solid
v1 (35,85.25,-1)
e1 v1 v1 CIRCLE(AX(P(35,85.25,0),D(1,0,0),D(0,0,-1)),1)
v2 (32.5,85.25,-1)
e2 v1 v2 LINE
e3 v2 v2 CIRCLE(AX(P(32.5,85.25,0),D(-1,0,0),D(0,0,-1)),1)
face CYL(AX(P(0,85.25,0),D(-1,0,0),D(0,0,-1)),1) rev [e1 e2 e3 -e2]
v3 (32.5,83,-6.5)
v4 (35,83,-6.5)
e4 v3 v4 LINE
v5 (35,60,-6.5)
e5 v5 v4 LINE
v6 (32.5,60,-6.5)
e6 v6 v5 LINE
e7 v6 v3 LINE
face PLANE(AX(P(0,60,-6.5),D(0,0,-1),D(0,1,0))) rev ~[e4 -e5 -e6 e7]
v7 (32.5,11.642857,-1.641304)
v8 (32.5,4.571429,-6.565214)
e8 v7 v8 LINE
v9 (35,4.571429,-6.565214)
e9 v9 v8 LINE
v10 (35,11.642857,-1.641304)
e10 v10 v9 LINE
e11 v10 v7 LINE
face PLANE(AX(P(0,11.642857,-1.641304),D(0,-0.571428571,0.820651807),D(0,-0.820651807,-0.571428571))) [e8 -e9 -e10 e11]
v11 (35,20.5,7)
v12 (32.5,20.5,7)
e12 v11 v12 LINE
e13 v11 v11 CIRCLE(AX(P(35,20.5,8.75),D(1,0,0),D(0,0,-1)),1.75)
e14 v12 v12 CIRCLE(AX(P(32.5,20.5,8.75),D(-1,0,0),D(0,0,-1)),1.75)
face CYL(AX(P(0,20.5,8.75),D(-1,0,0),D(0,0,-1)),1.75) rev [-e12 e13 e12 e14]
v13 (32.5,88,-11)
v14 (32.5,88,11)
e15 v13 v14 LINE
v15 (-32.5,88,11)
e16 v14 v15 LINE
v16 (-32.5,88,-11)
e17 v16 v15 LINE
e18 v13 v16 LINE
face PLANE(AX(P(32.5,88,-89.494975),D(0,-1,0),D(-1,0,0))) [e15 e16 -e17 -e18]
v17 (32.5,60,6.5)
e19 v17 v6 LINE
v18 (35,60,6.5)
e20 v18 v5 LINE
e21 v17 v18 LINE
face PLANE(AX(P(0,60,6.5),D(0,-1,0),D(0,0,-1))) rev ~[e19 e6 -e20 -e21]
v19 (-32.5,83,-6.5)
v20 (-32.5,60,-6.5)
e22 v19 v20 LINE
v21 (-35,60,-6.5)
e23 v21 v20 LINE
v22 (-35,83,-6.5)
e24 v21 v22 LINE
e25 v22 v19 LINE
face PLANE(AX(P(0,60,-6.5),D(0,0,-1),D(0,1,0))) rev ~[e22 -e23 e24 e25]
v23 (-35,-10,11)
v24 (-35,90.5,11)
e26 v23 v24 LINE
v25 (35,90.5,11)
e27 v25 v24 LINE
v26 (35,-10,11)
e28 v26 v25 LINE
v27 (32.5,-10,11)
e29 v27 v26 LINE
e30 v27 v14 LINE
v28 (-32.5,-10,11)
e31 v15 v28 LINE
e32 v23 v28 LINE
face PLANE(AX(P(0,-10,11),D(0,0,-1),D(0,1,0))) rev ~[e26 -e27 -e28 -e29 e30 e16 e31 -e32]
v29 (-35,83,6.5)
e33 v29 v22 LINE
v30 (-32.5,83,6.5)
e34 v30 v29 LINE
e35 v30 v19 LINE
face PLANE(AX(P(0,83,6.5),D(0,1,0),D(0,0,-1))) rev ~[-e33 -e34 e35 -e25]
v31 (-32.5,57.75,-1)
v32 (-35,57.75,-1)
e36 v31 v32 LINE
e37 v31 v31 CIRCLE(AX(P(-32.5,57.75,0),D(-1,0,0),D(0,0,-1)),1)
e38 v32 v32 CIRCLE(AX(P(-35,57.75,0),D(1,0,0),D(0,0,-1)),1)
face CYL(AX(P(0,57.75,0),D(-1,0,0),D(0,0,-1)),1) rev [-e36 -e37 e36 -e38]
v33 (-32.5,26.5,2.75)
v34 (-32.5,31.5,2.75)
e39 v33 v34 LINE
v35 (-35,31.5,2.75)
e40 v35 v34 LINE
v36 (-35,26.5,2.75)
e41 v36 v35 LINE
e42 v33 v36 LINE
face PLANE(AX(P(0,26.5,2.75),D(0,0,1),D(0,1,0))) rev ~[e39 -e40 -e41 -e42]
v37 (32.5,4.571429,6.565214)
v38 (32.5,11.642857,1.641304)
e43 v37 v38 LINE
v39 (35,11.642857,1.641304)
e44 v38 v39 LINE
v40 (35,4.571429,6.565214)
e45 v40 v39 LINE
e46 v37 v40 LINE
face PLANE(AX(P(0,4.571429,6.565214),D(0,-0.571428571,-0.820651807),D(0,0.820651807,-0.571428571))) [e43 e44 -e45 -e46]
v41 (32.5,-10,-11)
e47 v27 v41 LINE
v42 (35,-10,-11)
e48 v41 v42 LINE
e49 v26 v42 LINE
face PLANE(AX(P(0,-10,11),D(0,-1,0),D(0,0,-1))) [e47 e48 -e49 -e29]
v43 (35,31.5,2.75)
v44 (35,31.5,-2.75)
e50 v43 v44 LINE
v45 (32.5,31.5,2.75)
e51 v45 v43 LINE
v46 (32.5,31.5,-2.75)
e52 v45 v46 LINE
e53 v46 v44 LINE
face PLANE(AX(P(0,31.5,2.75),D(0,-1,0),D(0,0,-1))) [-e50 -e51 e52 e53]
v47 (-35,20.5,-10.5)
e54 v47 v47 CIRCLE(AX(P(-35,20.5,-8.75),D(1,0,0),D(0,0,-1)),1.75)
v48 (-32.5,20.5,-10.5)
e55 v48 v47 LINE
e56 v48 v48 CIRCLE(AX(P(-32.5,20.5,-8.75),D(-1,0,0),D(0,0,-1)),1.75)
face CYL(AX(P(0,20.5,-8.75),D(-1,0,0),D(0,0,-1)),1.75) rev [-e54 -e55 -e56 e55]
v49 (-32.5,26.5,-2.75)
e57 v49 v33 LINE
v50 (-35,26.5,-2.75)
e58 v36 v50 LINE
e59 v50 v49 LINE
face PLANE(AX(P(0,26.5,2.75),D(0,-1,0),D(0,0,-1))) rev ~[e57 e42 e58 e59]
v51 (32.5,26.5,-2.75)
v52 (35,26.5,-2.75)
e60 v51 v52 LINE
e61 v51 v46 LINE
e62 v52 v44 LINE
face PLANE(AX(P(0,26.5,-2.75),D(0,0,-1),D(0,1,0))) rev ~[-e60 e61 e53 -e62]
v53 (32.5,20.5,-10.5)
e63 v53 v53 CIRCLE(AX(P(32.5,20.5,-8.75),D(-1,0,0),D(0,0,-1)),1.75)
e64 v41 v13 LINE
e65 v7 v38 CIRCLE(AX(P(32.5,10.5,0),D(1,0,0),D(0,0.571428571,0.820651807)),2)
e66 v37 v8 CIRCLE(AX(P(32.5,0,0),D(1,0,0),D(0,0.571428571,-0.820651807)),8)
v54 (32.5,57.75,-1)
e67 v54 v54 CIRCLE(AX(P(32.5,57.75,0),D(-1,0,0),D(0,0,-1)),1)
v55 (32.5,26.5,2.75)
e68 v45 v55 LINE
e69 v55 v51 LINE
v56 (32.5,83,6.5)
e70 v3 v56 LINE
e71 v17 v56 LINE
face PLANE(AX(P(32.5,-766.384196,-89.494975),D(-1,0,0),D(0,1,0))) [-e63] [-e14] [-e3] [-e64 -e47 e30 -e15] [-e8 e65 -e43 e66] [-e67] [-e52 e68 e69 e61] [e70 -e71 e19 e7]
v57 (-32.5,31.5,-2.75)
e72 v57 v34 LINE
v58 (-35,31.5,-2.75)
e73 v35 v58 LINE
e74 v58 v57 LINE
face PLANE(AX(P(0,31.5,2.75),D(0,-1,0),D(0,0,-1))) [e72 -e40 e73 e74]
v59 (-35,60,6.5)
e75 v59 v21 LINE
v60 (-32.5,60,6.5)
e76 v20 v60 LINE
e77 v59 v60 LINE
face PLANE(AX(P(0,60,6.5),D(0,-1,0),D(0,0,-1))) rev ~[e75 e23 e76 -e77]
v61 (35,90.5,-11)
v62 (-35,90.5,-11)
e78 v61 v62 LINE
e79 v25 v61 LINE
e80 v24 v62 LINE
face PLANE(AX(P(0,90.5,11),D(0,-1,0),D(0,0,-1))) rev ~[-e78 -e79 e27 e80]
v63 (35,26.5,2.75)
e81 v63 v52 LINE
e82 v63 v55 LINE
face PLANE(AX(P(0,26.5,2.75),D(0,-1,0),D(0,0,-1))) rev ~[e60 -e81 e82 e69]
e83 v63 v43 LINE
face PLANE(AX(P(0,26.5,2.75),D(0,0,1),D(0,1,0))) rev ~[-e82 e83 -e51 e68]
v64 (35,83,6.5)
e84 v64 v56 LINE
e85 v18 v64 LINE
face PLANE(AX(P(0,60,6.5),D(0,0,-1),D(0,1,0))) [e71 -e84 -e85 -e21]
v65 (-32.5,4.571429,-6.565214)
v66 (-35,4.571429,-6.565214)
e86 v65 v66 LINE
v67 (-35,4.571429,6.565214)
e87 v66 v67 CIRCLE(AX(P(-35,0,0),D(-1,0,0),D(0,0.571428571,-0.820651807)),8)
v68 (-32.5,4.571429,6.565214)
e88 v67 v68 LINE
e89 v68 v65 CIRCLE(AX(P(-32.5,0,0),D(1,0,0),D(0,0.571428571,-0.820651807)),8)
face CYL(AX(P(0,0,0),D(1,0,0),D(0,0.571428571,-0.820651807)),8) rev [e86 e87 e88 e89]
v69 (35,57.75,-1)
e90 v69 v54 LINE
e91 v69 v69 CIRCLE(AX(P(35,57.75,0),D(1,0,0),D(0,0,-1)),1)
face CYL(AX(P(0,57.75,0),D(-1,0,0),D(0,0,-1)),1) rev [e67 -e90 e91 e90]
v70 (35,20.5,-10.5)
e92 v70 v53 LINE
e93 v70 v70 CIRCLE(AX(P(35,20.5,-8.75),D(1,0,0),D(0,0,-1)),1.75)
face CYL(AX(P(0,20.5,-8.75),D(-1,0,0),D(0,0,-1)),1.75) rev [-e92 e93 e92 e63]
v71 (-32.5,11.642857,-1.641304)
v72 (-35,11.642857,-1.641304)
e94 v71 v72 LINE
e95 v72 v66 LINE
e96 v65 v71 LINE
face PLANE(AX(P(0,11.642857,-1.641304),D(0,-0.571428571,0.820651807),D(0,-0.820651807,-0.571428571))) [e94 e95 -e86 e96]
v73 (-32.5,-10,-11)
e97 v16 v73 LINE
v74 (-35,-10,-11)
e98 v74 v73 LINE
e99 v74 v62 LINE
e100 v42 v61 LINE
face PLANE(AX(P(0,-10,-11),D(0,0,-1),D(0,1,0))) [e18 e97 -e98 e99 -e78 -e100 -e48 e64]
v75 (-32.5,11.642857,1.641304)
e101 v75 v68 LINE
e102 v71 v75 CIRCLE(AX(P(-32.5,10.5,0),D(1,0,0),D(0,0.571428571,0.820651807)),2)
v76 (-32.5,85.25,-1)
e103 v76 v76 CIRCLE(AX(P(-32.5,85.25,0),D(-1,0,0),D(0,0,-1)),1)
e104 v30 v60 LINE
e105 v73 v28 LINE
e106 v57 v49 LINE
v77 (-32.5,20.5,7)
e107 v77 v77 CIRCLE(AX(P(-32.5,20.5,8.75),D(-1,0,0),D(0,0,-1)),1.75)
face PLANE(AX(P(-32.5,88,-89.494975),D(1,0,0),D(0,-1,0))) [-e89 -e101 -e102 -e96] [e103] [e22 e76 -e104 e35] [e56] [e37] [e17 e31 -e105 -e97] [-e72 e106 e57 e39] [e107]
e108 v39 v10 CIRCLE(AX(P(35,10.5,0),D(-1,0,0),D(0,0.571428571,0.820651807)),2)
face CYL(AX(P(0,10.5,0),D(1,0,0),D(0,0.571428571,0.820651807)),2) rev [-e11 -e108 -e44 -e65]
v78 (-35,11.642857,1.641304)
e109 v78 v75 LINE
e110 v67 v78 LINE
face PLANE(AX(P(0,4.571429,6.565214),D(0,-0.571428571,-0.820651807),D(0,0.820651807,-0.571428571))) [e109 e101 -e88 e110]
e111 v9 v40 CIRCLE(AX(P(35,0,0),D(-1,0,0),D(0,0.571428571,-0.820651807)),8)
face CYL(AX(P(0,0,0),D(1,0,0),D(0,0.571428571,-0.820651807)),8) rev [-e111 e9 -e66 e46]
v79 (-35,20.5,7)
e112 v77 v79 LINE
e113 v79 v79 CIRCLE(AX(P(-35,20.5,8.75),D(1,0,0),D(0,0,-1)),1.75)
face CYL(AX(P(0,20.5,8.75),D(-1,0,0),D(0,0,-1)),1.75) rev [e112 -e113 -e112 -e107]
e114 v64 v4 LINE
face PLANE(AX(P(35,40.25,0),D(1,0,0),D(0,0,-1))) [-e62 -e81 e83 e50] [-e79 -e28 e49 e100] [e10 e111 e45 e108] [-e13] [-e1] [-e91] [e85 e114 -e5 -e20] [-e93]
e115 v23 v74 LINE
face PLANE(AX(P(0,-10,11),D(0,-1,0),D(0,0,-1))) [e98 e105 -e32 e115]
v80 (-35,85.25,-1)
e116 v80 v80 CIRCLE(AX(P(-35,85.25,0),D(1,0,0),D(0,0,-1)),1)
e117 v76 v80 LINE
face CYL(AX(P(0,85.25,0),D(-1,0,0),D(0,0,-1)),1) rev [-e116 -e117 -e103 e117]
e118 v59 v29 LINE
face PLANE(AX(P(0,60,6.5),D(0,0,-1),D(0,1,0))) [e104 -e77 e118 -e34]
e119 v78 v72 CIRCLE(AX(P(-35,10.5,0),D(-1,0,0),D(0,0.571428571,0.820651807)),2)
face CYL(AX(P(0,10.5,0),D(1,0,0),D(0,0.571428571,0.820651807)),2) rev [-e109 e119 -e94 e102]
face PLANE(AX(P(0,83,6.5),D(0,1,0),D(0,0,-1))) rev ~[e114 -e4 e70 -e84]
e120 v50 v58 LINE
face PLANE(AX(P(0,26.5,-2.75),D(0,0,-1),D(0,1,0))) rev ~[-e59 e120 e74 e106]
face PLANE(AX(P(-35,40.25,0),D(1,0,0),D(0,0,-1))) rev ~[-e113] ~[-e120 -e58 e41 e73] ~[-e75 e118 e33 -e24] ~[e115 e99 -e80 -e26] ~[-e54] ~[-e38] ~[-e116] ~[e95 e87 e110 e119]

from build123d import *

# Parameters (mm, degrees)
CROQUIS1_W                 = 22
CROQUIS1_H                 = 100.5
CROQUIS1_R                 = 1.75
CROQUIS1_R_2               = 1
CROQUIS1_W_2               = 13
CROQUIS1_H_2               = 23
CROQUIS1_W_3               = 5.5
CROQUIS1_H_3               = 5
SALIENTE_EXTRUIR1_DEPTH    = 35
CORTAR_EXTRUIR2_DEPTH      = 100.494974747
CORTAR_EXTRUIR2_DEPTH_BACK = 100.494974747


with BuildPart() as part:
    # Croquis1 → Saliente-Extruir1 (new, symmetric)
    with BuildSketch(Plane(origin=(0, 0, 0), x_dir=(0, 0, -1), z_dir=(1, 0, 0))):
        with Locations((0, 40.25)):
            Rectangle(CROQUIS1_W, CROQUIS1_H)
        with Locations((-8.75, 20.5)):
            Circle(CROQUIS1_R, mode=Mode.SUBTRACT)
        with Locations((8.75, 20.5)):
            Circle(CROQUIS1_R, mode=Mode.SUBTRACT)
        with Locations((0, 85.25)):
            Circle(CROQUIS1_R_2, mode=Mode.SUBTRACT)
        with Locations((0, 57.75)):
            Circle(CROQUIS1_R_2, mode=Mode.SUBTRACT)
        with BuildLine():
            Line((-6.565214453, 4.571428571), (-1.641303613, 11.642857143))
            ThreePointArc((-1.641303613, 11.642857143), (0, 12.5), (1.641303613, 11.642857143))
            Line((1.641303613, 11.642857143), (6.565214453, 4.571428571))
            ThreePointArc((6.565214453, 4.571428571), (0, -8), (-6.565214453, 4.571428571))
        make_face(mode=Mode.SUBTRACT)
        with Locations((0, 71.5)):
            Rectangle(CROQUIS1_W_2, CROQUIS1_H_2, mode=Mode.SUBTRACT)
        with Locations((0, 29)):
            Rectangle(CROQUIS1_W_3, CROQUIS1_H_3, mode=Mode.SUBTRACT)
    extrude(amount=SALIENTE_EXTRUIR1_DEPTH, both=True)

    # Croquis2 → Cortar-Extruir2 (cut, two sides: drawn at the far end of the back side and taken through both)
    with BuildSketch(Plane.XY.offset(11).offset(-CORTAR_EXTRUIR2_DEPTH_BACK)):
        Polygon((32.5, -262.128065288), (32.5, -10), (32.5, 88), (-32.5, 88), (-32.5, -10), (-32.5, -262.128065288), (-32.5, -766.384195863), (32.5, -766.384195863), align=None)
    extrude(amount=CORTAR_EXTRUIR2_DEPTH + CORTAR_EXTRUIR2_DEPTH_BACK, mode=Mode.SUBTRACT)


solid = part.part
